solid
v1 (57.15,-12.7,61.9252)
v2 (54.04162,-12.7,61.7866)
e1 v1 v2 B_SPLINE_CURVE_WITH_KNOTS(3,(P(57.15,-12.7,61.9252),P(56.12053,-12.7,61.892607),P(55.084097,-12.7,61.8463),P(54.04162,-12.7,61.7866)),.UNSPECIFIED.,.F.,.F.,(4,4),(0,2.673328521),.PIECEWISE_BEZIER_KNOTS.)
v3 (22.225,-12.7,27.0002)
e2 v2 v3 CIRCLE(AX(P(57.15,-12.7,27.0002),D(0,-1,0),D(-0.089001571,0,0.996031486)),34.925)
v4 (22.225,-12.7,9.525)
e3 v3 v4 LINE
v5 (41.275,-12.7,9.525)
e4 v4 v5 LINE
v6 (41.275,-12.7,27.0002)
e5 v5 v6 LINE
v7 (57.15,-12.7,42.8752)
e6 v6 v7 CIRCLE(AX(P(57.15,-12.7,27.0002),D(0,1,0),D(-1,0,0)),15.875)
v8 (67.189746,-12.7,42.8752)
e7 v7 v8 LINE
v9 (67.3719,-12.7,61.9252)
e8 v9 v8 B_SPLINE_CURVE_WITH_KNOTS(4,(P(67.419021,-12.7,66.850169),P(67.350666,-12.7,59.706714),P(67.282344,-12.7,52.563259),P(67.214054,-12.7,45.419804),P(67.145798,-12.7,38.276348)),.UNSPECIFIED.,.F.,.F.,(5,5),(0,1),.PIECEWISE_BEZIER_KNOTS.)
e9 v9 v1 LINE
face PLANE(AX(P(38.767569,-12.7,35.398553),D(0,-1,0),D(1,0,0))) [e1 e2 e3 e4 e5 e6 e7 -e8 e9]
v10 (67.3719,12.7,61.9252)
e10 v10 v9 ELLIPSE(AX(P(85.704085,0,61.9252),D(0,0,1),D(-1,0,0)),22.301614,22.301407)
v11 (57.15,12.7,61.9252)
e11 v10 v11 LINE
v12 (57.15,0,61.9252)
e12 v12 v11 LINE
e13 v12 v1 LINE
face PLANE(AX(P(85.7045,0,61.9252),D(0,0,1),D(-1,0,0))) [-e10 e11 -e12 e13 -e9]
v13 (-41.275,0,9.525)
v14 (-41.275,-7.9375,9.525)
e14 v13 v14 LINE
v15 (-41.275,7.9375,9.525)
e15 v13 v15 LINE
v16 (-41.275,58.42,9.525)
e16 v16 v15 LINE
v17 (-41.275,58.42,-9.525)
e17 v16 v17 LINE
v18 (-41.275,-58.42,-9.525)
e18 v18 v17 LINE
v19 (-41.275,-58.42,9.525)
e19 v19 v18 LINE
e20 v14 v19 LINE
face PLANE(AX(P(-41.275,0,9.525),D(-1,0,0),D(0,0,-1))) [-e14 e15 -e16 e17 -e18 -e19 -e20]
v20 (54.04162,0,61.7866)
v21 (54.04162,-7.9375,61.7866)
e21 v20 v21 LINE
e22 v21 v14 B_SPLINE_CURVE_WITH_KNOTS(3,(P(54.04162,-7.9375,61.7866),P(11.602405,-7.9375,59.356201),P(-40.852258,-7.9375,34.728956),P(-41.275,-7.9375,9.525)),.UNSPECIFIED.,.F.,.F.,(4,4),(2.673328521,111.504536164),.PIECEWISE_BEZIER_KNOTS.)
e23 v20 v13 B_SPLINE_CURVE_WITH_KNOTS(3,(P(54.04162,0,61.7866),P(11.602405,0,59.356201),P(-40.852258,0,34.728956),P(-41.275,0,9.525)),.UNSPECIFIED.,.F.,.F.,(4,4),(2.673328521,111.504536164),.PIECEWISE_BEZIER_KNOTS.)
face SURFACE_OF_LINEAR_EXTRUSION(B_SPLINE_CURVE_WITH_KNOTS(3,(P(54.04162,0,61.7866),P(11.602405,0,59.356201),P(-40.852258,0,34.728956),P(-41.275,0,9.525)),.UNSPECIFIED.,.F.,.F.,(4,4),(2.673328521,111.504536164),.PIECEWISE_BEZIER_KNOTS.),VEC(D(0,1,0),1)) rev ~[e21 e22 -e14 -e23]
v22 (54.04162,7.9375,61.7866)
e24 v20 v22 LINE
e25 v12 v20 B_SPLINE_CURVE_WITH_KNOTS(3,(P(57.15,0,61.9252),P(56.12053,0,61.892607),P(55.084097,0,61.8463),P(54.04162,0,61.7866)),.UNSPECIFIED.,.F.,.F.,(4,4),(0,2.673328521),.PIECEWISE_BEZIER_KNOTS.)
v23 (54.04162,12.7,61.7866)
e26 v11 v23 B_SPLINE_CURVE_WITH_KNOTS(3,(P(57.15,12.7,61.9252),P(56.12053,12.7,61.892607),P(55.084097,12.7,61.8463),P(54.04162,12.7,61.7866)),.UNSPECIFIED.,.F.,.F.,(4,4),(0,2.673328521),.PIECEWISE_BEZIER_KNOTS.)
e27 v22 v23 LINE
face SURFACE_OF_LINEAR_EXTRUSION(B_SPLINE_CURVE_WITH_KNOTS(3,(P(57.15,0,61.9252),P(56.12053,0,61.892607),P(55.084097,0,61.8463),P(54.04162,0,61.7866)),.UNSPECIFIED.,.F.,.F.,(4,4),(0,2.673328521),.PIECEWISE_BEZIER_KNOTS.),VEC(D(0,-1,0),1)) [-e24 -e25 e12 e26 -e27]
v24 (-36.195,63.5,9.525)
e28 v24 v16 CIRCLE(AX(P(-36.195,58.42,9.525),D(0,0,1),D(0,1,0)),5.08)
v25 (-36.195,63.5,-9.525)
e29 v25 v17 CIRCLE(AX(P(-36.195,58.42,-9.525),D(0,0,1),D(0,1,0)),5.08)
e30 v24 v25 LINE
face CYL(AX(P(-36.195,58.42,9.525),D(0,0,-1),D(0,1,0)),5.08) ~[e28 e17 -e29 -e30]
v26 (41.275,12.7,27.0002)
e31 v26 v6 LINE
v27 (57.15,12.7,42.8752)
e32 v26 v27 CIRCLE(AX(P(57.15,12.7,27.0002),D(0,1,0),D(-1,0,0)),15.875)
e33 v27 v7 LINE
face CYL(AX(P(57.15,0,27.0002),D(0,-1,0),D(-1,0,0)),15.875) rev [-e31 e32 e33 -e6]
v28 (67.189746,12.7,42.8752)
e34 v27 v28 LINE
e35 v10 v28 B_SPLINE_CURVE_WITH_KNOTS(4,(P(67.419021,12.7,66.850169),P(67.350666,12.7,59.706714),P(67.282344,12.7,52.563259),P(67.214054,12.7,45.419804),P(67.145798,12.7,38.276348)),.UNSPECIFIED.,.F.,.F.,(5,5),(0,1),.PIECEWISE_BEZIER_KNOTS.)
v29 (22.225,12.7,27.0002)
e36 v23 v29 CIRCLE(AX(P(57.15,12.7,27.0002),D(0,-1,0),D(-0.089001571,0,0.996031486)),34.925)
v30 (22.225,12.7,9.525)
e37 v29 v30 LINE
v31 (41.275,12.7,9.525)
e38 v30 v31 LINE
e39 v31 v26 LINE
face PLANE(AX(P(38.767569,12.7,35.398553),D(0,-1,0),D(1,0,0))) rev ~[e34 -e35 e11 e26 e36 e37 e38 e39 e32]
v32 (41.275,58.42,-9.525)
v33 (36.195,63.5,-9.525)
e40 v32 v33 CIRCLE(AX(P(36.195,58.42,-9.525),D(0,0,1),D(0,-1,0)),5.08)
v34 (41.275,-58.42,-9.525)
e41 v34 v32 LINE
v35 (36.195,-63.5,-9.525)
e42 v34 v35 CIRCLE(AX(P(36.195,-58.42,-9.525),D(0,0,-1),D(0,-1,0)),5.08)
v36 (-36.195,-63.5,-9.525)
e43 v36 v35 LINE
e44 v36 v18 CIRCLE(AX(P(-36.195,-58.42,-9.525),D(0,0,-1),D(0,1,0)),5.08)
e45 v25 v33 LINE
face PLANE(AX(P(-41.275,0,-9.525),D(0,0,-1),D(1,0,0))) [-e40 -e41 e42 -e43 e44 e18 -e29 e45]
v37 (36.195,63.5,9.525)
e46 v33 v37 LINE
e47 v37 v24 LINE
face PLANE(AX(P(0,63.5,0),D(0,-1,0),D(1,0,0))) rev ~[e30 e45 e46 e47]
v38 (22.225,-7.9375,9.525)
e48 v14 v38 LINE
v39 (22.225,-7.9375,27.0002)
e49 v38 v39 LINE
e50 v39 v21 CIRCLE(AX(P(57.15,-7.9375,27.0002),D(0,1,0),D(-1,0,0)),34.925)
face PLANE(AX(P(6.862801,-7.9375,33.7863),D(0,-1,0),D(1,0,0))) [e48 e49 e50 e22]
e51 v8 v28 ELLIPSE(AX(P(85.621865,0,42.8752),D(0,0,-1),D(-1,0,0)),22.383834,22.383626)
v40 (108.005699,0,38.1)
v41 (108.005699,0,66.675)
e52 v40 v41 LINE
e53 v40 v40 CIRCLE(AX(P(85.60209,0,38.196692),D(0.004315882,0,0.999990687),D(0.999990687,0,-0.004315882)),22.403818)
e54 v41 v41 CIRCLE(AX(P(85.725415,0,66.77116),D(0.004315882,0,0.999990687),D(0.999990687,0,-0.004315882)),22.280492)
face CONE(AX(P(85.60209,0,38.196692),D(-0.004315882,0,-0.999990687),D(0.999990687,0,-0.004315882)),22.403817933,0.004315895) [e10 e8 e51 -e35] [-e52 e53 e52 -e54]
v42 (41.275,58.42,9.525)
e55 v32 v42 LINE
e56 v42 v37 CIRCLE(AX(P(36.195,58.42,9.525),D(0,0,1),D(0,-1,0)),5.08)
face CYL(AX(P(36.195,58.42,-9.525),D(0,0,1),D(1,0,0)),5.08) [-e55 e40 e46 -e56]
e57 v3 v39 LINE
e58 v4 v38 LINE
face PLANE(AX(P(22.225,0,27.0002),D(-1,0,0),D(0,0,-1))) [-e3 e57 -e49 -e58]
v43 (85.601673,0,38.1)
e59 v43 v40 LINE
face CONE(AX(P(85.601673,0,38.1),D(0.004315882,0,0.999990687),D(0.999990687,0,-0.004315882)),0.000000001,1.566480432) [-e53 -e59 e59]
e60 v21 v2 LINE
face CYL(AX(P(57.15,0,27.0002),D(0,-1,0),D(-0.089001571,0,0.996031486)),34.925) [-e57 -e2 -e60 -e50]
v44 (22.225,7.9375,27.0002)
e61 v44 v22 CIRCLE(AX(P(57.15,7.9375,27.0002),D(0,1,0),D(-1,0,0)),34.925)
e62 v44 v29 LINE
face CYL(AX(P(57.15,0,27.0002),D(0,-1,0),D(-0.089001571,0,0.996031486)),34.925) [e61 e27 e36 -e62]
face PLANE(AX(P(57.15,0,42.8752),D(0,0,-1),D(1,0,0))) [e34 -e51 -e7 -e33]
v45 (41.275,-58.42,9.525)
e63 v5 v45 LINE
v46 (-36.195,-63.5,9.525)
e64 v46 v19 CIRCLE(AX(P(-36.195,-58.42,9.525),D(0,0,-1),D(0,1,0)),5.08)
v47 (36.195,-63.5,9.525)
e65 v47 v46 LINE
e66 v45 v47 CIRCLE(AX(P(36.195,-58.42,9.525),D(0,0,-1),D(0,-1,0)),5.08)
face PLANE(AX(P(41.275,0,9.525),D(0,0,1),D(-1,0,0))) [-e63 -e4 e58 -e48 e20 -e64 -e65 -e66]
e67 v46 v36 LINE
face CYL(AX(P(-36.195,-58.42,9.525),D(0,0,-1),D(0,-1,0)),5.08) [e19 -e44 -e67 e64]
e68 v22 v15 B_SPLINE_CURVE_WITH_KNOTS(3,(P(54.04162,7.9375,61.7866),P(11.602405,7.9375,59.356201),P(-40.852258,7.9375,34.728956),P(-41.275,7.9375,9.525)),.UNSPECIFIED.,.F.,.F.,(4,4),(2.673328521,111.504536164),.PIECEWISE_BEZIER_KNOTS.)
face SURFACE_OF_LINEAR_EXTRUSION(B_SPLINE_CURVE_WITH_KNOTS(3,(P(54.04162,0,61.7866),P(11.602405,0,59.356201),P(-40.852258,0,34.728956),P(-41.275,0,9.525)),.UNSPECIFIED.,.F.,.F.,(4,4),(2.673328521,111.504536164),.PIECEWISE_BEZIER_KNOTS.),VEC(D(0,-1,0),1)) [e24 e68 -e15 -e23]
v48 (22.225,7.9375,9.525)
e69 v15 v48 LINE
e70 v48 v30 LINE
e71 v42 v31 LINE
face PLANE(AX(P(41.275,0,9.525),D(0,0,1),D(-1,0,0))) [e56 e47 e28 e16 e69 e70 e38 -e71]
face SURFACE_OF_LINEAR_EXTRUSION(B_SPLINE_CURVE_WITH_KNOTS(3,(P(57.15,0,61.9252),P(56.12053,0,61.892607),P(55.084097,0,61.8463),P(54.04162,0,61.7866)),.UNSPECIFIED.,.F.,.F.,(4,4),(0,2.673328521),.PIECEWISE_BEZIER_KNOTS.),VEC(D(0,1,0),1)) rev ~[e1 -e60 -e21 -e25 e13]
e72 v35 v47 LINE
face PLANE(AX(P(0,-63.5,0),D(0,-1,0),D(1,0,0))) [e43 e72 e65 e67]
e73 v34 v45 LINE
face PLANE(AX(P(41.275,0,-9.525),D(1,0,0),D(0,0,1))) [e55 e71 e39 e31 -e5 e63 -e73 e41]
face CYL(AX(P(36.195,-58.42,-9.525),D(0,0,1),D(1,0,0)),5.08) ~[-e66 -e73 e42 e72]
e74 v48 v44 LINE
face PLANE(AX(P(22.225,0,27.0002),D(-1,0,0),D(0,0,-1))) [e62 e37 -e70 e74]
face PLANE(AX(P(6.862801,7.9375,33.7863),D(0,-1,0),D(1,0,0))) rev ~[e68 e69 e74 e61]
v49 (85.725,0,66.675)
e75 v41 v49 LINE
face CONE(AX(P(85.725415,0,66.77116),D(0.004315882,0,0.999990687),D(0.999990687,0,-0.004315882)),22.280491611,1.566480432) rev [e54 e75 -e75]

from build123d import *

# Parameters (mm, degrees)
F1_DEPTH = 63.5
F2_DEPTH = 12.7
F3_DEPTH = 7.9375
F5_R     = 5.08


with BuildPart() as f1:
    # F0 (on Front) → F1 (new body, symmetric)
    with BuildSketch(Plane.XZ):
        Polygon((41.275, -9.525), (41.275, 9.525), (22.225, 9.525), (-41.275, 9.525), (-41.275, -9.525), align=None)
    extrude(amount=F1_DEPTH, both=True)

    # F0 (on Front) → F2 (join, symmetric)
    with BuildSketch(Plane.XZ):
        with BuildLine():
            Line((22.225, 9.525), (41.275, 9.525))
            Line((41.275, 9.525), (41.275, 27.0002))
            ThreePointArc((41.275, 27.0002), (45.9246798487, 38.2255201513), (57.15, 42.8752))
            Line((57.15, 42.8752), (57.2056991218, 42.8752))
            Line((57.2056991218, 42.8752), (57.2056991218, 61.9252))
            Line((57.2056991218, 61.9252), (57.15, 61.9252))
            add(Edge.make_bspline(
                [(57.15, 61.9252), (56.1205296963, 61.8926068548), (55.0840965314, 61.8462999184), (54.0416201499, 61.786599637)],
                knots=[0, 0, 0, 0, 2.6733285205, 2.6733285205, 2.6733285205, 2.6733285205], degree=3))
            ThreePointArc((54.0416201499, 61.786599637), (31.3787389592, 50.5713206642), (22.225, 27.0002))
            Line((22.225, 27.0002), (22.225, 9.525))
        make_face()
        Polygon((57.2056991218, 61.9252), (57.2056991218, 42.8752), (85.6222819207, 42.8752), (85.7045002339, 61.9252), align=None)
    extrude(amount=F2_DEPTH, both=True)

    # F0 (on Front) → F3 (join, symmetric)
    with BuildSketch(Plane.XZ):
        with BuildLine():
            Line((-41.275, 9.525), (22.225, 9.525))
            Line((22.225, 9.525), (22.225, 27.0002))
            ThreePointArc((22.225, 27.0002), (31.3787389592, 50.5713206642), (54.0416201499, 61.786599637))
            add(Edge.make_bspline(
                [(54.0416201499, 61.786599637), (11.6024052654, 59.3562011022), (-40.8522579656, 34.7289555266), (-41.275, 9.525)],
                knots=[2.6733285205, 2.6733285205, 2.6733285205, 2.6733285205, 111.5045361635, 111.5045361635, 111.5045361635, 111.5045361635], degree=3))
        make_face()
    extrude(amount=F3_DEPTH, both=True)

    # F0 (on Front) → F4 (revolve)
    with BuildSketch(Plane.XZ):
        Polygon((85.7045002339, 61.9252), (85.6222819207, 42.8752), (85.6016725302, 38.1), (108.0056991218, 38.1), (108.0056991218, 66.675), (85.725, 66.675), align=None)
    revolve(axis=Axis((85.6633362651, 0, 52.3875), (0.0043158818, 0, 0.9999906865)))

    # F5
    f5_edges = [f1.edges().sort_by_distance(p)[0] for p in [
        (-41.275, 63.5, 0),
        (-41.275, -63.5, 0),
        (41.275, -63.5, 0),
        (41.275, 63.5, 0),
    ]]
    fillet(f5_edges, radius=F5_R)


solid = f1.part
